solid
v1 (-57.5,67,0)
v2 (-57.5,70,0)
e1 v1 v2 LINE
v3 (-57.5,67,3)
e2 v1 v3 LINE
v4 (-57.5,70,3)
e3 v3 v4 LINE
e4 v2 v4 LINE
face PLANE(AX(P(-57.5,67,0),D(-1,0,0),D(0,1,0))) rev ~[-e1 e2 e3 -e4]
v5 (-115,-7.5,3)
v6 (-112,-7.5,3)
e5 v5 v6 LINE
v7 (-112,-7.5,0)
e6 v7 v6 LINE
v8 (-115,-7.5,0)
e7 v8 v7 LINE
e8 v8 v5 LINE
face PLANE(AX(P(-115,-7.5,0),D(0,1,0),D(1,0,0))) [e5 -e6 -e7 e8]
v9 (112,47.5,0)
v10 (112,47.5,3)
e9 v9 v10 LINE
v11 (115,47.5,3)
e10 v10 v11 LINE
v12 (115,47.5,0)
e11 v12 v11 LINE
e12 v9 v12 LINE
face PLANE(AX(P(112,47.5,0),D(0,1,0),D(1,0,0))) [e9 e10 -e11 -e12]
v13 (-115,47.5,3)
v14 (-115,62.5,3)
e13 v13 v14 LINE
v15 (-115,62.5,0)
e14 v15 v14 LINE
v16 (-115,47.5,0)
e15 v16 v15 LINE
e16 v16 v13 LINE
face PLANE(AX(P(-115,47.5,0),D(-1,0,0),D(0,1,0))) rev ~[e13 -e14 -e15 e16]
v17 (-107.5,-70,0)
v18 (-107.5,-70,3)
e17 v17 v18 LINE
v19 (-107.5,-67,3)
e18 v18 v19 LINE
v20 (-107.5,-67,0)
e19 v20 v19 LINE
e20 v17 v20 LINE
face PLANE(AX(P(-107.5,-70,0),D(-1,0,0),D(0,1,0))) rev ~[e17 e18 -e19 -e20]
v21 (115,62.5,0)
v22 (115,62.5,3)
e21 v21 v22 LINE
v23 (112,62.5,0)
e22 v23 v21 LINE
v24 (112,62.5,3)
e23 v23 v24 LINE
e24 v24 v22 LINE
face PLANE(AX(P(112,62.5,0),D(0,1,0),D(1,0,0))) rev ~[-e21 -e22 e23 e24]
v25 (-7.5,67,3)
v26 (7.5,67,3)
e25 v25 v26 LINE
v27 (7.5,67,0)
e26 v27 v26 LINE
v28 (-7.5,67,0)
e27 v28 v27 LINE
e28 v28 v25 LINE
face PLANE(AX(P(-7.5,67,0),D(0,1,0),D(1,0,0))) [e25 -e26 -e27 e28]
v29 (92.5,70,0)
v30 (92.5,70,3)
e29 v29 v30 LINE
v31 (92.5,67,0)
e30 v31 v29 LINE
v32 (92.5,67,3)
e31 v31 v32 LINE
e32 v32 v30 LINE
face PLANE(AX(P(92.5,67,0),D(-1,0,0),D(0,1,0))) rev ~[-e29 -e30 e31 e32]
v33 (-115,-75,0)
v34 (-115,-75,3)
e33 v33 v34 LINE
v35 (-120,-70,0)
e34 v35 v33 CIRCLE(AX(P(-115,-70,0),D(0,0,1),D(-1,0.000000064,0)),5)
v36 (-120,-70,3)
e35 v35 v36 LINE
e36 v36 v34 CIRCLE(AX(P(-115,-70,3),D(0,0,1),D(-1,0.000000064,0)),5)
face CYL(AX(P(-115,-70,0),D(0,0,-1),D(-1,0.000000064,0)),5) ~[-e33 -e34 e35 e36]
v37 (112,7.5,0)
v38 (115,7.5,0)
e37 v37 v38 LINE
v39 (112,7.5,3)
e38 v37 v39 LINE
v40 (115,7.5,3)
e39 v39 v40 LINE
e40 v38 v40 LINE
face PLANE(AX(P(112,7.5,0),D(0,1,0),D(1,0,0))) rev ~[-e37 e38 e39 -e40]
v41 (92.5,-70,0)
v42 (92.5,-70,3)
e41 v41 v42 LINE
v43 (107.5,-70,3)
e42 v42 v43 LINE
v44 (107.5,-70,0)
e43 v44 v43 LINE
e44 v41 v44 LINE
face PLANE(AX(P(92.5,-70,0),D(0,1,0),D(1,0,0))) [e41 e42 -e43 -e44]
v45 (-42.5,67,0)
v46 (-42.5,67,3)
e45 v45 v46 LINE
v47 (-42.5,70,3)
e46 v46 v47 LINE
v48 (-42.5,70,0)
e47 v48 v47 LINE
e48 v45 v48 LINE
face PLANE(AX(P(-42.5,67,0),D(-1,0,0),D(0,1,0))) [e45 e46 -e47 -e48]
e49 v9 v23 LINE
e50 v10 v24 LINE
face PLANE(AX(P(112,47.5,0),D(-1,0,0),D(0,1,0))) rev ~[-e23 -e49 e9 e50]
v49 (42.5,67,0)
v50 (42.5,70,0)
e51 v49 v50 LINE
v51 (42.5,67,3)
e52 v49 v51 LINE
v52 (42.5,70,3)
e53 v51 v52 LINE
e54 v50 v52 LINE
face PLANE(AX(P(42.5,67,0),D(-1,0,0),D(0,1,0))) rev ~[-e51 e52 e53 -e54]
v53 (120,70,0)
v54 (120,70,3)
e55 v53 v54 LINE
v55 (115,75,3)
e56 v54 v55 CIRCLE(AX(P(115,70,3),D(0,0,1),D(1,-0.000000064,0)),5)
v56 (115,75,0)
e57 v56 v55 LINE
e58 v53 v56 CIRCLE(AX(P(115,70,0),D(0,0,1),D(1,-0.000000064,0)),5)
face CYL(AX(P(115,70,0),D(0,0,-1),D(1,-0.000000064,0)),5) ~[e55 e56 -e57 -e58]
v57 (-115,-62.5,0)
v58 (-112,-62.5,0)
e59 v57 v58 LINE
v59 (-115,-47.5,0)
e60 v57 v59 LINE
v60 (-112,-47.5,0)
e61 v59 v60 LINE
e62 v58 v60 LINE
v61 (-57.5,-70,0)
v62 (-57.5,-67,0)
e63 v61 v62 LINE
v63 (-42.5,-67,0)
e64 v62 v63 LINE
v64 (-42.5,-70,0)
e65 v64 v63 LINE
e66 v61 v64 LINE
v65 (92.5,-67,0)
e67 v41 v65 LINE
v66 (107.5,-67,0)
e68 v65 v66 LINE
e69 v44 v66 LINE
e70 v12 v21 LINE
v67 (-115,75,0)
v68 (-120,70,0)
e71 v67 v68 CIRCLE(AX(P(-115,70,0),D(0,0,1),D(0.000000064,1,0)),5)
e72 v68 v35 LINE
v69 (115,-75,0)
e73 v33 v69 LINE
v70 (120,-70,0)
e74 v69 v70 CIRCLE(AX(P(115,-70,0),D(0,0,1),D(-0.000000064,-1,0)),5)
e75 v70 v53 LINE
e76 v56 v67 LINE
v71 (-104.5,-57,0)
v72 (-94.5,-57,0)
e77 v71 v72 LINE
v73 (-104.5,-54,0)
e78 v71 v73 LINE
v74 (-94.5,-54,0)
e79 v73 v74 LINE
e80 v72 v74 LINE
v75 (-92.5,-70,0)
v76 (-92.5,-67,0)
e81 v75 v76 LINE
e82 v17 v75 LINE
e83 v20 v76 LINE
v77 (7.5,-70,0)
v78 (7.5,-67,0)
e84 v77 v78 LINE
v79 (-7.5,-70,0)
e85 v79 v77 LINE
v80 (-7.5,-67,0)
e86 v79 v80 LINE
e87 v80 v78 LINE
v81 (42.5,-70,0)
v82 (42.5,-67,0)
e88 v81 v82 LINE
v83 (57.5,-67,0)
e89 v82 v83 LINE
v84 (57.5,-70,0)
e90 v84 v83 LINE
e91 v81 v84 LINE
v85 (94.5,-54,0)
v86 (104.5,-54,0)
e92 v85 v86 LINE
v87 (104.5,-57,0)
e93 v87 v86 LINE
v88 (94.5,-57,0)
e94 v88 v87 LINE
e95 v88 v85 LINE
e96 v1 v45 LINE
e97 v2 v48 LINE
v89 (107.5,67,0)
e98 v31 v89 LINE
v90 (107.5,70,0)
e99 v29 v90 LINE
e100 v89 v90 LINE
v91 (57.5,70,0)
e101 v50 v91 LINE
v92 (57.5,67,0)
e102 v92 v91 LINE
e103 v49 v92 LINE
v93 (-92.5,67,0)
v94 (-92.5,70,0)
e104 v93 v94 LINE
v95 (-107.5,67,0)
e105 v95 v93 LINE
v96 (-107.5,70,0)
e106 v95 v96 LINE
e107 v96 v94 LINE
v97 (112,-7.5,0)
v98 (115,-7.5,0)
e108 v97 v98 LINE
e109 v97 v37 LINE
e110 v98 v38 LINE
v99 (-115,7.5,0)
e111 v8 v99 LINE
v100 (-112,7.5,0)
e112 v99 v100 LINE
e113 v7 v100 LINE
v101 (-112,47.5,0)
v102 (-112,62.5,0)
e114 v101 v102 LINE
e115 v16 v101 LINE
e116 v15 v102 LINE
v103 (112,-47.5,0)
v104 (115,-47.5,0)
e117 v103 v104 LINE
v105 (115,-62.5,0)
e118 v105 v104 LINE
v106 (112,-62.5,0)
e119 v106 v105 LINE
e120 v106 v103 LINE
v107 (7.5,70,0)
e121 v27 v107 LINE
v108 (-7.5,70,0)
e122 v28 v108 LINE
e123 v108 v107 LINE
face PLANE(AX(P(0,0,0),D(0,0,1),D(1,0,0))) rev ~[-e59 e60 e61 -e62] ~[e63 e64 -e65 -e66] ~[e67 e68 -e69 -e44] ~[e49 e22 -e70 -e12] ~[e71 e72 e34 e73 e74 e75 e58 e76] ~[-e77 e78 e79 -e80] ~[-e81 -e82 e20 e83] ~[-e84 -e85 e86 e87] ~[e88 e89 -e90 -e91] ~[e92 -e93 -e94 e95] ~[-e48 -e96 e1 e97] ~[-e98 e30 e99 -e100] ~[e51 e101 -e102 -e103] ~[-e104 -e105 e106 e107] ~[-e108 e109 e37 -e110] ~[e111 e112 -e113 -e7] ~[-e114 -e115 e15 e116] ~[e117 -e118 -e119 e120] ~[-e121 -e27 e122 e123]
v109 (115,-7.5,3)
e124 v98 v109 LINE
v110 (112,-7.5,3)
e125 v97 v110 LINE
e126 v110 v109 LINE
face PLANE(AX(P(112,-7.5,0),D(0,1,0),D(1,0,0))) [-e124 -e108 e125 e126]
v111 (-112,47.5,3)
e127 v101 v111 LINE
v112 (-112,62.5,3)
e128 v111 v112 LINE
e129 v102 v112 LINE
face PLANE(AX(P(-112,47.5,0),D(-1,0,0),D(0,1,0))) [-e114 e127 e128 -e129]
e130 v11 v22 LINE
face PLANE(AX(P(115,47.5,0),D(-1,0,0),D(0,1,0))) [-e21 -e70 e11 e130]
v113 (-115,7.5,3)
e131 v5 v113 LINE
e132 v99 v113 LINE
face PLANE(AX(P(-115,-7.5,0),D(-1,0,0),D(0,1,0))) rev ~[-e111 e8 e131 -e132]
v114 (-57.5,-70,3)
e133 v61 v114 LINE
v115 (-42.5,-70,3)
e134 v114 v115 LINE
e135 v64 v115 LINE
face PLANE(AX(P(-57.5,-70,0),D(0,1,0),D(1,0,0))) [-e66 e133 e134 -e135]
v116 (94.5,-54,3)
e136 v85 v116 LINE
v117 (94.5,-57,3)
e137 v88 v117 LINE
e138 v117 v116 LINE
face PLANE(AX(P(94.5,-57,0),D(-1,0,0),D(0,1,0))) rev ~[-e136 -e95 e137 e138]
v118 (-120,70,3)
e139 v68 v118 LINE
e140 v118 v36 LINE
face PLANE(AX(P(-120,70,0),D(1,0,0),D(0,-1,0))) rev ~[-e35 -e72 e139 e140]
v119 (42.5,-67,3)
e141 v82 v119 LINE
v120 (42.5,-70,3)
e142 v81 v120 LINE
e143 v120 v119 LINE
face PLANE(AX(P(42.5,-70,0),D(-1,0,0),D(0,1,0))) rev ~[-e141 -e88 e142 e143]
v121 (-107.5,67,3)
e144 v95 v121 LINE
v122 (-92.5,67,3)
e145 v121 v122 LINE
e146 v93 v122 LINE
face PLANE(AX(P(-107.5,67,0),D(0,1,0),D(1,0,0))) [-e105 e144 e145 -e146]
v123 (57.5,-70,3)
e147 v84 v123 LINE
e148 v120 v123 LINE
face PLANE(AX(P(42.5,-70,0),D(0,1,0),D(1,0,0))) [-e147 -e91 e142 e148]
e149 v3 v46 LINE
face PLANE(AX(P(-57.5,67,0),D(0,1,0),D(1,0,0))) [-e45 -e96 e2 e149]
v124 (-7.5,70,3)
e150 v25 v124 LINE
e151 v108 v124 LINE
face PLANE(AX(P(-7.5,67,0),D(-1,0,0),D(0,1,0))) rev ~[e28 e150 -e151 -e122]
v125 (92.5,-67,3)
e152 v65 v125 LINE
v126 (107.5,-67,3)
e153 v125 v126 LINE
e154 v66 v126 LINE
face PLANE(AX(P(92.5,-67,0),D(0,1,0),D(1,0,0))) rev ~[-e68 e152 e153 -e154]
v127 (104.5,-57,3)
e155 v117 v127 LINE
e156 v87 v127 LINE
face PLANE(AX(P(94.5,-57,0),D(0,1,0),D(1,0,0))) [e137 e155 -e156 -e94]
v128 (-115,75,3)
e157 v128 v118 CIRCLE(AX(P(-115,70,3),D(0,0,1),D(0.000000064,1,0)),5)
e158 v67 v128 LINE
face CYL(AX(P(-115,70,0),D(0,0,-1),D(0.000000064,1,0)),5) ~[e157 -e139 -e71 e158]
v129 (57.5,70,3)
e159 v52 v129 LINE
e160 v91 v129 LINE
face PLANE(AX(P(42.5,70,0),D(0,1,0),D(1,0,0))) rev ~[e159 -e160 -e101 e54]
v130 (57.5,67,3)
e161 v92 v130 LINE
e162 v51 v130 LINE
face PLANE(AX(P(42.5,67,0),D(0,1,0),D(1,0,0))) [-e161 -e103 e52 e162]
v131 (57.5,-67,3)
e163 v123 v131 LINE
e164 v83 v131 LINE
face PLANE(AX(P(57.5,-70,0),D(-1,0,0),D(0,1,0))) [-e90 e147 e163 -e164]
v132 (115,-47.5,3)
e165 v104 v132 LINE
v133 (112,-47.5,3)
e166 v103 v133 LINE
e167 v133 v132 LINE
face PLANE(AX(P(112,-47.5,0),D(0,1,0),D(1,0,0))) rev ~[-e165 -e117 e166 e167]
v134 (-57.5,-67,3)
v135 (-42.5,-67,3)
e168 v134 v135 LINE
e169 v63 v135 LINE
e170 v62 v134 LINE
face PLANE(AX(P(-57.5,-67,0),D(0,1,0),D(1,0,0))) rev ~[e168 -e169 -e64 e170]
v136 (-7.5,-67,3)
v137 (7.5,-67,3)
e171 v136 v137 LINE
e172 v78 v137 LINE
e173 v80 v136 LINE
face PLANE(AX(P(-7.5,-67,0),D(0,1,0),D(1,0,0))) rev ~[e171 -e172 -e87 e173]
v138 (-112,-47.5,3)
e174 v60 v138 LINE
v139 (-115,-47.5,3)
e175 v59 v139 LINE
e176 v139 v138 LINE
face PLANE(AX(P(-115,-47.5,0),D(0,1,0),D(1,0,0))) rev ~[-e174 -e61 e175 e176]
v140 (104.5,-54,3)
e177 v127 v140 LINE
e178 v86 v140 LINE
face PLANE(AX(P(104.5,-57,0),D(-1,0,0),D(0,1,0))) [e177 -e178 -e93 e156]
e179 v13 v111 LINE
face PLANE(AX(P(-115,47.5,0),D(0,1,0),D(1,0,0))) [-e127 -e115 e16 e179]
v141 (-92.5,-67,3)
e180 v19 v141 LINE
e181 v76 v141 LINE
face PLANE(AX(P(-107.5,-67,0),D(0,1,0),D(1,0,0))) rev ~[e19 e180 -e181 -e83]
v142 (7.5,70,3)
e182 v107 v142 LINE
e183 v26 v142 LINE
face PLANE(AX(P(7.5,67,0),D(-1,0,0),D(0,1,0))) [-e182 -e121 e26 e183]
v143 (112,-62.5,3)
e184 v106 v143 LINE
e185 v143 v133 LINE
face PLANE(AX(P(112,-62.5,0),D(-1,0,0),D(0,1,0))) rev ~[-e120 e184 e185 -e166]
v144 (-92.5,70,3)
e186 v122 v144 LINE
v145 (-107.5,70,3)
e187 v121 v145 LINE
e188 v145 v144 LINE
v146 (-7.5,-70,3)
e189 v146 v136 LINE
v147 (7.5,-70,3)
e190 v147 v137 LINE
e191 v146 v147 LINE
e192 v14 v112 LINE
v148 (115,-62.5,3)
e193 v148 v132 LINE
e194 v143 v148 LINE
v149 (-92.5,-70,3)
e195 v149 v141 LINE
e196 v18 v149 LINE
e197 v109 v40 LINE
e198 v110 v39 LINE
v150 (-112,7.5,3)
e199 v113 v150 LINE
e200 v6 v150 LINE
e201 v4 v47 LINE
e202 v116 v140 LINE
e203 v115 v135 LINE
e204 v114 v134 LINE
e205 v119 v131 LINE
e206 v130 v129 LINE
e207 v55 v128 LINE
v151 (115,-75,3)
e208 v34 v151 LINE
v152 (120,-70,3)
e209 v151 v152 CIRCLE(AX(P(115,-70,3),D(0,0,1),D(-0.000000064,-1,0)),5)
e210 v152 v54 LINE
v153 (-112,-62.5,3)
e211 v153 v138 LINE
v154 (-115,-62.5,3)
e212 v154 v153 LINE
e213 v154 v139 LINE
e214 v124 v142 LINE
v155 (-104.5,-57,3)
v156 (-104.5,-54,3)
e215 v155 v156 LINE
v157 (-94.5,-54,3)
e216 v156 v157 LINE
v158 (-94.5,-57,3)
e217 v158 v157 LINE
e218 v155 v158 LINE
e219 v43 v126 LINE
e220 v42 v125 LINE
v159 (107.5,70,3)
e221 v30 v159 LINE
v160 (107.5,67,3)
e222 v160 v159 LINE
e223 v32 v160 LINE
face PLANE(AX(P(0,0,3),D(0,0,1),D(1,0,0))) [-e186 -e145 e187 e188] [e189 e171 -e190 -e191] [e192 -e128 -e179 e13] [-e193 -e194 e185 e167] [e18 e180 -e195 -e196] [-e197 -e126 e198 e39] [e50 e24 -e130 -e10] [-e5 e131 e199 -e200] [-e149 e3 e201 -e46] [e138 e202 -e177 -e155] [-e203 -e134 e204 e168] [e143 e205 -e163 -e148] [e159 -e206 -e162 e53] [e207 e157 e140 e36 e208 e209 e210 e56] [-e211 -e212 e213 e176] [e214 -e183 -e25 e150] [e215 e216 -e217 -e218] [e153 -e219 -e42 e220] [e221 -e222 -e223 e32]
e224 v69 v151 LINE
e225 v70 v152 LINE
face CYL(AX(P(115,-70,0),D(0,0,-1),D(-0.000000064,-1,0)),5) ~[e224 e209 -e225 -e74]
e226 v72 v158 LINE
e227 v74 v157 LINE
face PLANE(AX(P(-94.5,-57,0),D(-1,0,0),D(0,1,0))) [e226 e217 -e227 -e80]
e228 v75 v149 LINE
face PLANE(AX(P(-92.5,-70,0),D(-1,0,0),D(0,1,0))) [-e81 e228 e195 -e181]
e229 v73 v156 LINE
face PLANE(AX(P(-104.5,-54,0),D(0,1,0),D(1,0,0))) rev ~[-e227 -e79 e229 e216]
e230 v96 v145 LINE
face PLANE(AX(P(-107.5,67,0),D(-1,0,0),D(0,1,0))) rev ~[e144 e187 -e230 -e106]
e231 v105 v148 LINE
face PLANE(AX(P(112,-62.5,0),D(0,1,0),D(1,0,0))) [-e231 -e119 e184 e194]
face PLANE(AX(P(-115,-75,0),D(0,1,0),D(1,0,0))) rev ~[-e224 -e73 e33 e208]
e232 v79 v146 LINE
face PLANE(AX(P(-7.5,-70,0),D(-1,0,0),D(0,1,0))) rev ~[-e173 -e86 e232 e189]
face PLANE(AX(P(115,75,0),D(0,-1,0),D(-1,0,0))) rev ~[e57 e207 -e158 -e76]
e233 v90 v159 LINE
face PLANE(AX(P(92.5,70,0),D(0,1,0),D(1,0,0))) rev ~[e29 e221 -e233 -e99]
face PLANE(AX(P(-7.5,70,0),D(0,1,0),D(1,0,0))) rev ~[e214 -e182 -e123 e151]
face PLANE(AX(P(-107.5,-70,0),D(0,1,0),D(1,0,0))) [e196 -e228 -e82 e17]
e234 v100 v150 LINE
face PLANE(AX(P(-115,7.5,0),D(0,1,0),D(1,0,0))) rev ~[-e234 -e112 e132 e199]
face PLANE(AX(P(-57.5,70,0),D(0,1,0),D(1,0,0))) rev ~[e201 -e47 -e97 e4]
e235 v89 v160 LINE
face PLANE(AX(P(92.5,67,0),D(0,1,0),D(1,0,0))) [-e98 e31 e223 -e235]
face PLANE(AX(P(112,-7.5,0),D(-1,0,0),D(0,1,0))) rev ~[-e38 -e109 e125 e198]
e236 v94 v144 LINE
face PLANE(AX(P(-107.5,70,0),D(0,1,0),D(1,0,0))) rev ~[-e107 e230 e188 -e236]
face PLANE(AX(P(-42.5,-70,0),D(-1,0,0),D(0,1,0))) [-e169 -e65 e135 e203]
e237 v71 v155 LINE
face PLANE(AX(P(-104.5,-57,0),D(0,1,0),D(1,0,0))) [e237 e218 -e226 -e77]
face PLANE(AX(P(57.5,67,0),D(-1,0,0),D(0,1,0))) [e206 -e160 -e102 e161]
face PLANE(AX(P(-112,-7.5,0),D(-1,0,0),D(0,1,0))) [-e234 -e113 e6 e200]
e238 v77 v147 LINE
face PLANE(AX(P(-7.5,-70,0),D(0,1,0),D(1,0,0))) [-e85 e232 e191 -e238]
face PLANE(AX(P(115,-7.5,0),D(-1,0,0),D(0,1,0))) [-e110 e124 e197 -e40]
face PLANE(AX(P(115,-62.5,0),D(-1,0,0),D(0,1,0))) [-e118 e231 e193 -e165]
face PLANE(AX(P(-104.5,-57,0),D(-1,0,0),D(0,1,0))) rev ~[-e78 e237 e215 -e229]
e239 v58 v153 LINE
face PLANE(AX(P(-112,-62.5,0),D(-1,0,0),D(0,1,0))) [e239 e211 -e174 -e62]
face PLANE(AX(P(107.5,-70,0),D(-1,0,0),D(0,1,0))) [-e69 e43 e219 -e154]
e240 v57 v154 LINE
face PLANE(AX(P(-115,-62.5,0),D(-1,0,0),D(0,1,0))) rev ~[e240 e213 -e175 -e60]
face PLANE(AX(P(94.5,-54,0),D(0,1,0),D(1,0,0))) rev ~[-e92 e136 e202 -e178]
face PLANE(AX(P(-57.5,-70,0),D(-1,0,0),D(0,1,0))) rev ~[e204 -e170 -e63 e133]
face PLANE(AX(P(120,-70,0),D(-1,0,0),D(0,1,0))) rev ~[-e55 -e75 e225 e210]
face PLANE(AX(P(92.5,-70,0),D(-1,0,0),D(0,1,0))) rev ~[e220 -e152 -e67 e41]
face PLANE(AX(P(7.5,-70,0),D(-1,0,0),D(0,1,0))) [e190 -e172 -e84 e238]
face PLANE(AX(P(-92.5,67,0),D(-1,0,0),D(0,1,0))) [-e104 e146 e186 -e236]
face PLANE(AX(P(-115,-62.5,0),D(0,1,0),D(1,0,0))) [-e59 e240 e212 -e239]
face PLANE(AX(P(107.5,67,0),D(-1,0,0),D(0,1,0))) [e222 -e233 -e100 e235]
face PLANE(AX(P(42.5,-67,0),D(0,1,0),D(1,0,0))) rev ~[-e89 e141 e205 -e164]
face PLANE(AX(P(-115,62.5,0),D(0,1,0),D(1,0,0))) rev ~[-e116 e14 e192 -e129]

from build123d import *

# Parameters (mm, degrees)
F0_W     = 15
F0_H     = 3
F0_W_2   = 3
F0_H_2   = 15
F0_W_3   = 10
F1_DEPTH = 3


with BuildPart() as f1:
    # F0 (on Top) → F1 (new body)
    with BuildSketch(Plane.XY):
        with BuildLine():
            ThreePointArc((120, 70), (118.535534, 73.535534), (115, 75))
            Line((115, 75), (-115, 75))
            ThreePointArc((-115, 75), (-118.535534, 73.535534), (-120, 70))
            Line((-120, 70), (-120, -70))
            ThreePointArc((-120, -70), (-118.535534, -73.535534), (-115, -75))
            Line((-115, -75), (115, -75))
            ThreePointArc((115, -75), (118.535534, -73.535534), (120, -70))
            Line((120, -70), (120, 70))
        make_face()
        with Locations((-100, -68.5)):
            Rectangle(F0_W, F0_H, mode=Mode.SUBTRACT)
        with Locations((-113.5, -55)):
            Rectangle(F0_W_2, F0_H_2, mode=Mode.SUBTRACT)
        with Locations((-99.5, -55.5)):
            Rectangle(F0_W_3, F0_H, mode=Mode.SUBTRACT)
        with Locations((-50, -68.5)):
            Rectangle(F0_W, F0_H, mode=Mode.SUBTRACT)
        with Locations((0, -68.5)):
            Rectangle(F0_W, F0_H, mode=Mode.SUBTRACT)
        with Locations((50, -68.5)):
            Rectangle(F0_W, F0_H, mode=Mode.SUBTRACT)
        with Locations((100, -68.5)):
            Rectangle(F0_W, F0_H, mode=Mode.SUBTRACT)
        with Locations((99.5, -55.5)):
            Rectangle(F0_W_3, F0_H, mode=Mode.SUBTRACT)
        with Locations((113.5, -55)):
            Rectangle(F0_W_2, F0_H_2, mode=Mode.SUBTRACT)
        with Locations((-113.5, 0)):
            Rectangle(F0_W_2, F0_H_2, mode=Mode.SUBTRACT)
        with Locations((-113.5, 55)):
            Rectangle(F0_W_2, F0_H_2, mode=Mode.SUBTRACT)
        with Locations((-100, 68.5)):
            Rectangle(F0_W, F0_H, mode=Mode.SUBTRACT)
        with Locations((-50, 68.5)):
            Rectangle(F0_W, F0_H, mode=Mode.SUBTRACT)
        with Locations((113.5, 0)):
            Rectangle(F0_W_2, F0_H_2, mode=Mode.SUBTRACT)
        with Locations((0, 68.5)):
            Rectangle(F0_W, F0_H, mode=Mode.SUBTRACT)
        with Locations((50, 68.5)):
            Rectangle(F0_W, F0_H, mode=Mode.SUBTRACT)
        with Locations((113.5, 55)):
            Rectangle(F0_W_2, F0_H_2, mode=Mode.SUBTRACT)
        with Locations((100, 68.5)):
            Rectangle(F0_W, F0_H, mode=Mode.SUBTRACT)
    extrude(amount=F1_DEPTH)


solid = f1.part
